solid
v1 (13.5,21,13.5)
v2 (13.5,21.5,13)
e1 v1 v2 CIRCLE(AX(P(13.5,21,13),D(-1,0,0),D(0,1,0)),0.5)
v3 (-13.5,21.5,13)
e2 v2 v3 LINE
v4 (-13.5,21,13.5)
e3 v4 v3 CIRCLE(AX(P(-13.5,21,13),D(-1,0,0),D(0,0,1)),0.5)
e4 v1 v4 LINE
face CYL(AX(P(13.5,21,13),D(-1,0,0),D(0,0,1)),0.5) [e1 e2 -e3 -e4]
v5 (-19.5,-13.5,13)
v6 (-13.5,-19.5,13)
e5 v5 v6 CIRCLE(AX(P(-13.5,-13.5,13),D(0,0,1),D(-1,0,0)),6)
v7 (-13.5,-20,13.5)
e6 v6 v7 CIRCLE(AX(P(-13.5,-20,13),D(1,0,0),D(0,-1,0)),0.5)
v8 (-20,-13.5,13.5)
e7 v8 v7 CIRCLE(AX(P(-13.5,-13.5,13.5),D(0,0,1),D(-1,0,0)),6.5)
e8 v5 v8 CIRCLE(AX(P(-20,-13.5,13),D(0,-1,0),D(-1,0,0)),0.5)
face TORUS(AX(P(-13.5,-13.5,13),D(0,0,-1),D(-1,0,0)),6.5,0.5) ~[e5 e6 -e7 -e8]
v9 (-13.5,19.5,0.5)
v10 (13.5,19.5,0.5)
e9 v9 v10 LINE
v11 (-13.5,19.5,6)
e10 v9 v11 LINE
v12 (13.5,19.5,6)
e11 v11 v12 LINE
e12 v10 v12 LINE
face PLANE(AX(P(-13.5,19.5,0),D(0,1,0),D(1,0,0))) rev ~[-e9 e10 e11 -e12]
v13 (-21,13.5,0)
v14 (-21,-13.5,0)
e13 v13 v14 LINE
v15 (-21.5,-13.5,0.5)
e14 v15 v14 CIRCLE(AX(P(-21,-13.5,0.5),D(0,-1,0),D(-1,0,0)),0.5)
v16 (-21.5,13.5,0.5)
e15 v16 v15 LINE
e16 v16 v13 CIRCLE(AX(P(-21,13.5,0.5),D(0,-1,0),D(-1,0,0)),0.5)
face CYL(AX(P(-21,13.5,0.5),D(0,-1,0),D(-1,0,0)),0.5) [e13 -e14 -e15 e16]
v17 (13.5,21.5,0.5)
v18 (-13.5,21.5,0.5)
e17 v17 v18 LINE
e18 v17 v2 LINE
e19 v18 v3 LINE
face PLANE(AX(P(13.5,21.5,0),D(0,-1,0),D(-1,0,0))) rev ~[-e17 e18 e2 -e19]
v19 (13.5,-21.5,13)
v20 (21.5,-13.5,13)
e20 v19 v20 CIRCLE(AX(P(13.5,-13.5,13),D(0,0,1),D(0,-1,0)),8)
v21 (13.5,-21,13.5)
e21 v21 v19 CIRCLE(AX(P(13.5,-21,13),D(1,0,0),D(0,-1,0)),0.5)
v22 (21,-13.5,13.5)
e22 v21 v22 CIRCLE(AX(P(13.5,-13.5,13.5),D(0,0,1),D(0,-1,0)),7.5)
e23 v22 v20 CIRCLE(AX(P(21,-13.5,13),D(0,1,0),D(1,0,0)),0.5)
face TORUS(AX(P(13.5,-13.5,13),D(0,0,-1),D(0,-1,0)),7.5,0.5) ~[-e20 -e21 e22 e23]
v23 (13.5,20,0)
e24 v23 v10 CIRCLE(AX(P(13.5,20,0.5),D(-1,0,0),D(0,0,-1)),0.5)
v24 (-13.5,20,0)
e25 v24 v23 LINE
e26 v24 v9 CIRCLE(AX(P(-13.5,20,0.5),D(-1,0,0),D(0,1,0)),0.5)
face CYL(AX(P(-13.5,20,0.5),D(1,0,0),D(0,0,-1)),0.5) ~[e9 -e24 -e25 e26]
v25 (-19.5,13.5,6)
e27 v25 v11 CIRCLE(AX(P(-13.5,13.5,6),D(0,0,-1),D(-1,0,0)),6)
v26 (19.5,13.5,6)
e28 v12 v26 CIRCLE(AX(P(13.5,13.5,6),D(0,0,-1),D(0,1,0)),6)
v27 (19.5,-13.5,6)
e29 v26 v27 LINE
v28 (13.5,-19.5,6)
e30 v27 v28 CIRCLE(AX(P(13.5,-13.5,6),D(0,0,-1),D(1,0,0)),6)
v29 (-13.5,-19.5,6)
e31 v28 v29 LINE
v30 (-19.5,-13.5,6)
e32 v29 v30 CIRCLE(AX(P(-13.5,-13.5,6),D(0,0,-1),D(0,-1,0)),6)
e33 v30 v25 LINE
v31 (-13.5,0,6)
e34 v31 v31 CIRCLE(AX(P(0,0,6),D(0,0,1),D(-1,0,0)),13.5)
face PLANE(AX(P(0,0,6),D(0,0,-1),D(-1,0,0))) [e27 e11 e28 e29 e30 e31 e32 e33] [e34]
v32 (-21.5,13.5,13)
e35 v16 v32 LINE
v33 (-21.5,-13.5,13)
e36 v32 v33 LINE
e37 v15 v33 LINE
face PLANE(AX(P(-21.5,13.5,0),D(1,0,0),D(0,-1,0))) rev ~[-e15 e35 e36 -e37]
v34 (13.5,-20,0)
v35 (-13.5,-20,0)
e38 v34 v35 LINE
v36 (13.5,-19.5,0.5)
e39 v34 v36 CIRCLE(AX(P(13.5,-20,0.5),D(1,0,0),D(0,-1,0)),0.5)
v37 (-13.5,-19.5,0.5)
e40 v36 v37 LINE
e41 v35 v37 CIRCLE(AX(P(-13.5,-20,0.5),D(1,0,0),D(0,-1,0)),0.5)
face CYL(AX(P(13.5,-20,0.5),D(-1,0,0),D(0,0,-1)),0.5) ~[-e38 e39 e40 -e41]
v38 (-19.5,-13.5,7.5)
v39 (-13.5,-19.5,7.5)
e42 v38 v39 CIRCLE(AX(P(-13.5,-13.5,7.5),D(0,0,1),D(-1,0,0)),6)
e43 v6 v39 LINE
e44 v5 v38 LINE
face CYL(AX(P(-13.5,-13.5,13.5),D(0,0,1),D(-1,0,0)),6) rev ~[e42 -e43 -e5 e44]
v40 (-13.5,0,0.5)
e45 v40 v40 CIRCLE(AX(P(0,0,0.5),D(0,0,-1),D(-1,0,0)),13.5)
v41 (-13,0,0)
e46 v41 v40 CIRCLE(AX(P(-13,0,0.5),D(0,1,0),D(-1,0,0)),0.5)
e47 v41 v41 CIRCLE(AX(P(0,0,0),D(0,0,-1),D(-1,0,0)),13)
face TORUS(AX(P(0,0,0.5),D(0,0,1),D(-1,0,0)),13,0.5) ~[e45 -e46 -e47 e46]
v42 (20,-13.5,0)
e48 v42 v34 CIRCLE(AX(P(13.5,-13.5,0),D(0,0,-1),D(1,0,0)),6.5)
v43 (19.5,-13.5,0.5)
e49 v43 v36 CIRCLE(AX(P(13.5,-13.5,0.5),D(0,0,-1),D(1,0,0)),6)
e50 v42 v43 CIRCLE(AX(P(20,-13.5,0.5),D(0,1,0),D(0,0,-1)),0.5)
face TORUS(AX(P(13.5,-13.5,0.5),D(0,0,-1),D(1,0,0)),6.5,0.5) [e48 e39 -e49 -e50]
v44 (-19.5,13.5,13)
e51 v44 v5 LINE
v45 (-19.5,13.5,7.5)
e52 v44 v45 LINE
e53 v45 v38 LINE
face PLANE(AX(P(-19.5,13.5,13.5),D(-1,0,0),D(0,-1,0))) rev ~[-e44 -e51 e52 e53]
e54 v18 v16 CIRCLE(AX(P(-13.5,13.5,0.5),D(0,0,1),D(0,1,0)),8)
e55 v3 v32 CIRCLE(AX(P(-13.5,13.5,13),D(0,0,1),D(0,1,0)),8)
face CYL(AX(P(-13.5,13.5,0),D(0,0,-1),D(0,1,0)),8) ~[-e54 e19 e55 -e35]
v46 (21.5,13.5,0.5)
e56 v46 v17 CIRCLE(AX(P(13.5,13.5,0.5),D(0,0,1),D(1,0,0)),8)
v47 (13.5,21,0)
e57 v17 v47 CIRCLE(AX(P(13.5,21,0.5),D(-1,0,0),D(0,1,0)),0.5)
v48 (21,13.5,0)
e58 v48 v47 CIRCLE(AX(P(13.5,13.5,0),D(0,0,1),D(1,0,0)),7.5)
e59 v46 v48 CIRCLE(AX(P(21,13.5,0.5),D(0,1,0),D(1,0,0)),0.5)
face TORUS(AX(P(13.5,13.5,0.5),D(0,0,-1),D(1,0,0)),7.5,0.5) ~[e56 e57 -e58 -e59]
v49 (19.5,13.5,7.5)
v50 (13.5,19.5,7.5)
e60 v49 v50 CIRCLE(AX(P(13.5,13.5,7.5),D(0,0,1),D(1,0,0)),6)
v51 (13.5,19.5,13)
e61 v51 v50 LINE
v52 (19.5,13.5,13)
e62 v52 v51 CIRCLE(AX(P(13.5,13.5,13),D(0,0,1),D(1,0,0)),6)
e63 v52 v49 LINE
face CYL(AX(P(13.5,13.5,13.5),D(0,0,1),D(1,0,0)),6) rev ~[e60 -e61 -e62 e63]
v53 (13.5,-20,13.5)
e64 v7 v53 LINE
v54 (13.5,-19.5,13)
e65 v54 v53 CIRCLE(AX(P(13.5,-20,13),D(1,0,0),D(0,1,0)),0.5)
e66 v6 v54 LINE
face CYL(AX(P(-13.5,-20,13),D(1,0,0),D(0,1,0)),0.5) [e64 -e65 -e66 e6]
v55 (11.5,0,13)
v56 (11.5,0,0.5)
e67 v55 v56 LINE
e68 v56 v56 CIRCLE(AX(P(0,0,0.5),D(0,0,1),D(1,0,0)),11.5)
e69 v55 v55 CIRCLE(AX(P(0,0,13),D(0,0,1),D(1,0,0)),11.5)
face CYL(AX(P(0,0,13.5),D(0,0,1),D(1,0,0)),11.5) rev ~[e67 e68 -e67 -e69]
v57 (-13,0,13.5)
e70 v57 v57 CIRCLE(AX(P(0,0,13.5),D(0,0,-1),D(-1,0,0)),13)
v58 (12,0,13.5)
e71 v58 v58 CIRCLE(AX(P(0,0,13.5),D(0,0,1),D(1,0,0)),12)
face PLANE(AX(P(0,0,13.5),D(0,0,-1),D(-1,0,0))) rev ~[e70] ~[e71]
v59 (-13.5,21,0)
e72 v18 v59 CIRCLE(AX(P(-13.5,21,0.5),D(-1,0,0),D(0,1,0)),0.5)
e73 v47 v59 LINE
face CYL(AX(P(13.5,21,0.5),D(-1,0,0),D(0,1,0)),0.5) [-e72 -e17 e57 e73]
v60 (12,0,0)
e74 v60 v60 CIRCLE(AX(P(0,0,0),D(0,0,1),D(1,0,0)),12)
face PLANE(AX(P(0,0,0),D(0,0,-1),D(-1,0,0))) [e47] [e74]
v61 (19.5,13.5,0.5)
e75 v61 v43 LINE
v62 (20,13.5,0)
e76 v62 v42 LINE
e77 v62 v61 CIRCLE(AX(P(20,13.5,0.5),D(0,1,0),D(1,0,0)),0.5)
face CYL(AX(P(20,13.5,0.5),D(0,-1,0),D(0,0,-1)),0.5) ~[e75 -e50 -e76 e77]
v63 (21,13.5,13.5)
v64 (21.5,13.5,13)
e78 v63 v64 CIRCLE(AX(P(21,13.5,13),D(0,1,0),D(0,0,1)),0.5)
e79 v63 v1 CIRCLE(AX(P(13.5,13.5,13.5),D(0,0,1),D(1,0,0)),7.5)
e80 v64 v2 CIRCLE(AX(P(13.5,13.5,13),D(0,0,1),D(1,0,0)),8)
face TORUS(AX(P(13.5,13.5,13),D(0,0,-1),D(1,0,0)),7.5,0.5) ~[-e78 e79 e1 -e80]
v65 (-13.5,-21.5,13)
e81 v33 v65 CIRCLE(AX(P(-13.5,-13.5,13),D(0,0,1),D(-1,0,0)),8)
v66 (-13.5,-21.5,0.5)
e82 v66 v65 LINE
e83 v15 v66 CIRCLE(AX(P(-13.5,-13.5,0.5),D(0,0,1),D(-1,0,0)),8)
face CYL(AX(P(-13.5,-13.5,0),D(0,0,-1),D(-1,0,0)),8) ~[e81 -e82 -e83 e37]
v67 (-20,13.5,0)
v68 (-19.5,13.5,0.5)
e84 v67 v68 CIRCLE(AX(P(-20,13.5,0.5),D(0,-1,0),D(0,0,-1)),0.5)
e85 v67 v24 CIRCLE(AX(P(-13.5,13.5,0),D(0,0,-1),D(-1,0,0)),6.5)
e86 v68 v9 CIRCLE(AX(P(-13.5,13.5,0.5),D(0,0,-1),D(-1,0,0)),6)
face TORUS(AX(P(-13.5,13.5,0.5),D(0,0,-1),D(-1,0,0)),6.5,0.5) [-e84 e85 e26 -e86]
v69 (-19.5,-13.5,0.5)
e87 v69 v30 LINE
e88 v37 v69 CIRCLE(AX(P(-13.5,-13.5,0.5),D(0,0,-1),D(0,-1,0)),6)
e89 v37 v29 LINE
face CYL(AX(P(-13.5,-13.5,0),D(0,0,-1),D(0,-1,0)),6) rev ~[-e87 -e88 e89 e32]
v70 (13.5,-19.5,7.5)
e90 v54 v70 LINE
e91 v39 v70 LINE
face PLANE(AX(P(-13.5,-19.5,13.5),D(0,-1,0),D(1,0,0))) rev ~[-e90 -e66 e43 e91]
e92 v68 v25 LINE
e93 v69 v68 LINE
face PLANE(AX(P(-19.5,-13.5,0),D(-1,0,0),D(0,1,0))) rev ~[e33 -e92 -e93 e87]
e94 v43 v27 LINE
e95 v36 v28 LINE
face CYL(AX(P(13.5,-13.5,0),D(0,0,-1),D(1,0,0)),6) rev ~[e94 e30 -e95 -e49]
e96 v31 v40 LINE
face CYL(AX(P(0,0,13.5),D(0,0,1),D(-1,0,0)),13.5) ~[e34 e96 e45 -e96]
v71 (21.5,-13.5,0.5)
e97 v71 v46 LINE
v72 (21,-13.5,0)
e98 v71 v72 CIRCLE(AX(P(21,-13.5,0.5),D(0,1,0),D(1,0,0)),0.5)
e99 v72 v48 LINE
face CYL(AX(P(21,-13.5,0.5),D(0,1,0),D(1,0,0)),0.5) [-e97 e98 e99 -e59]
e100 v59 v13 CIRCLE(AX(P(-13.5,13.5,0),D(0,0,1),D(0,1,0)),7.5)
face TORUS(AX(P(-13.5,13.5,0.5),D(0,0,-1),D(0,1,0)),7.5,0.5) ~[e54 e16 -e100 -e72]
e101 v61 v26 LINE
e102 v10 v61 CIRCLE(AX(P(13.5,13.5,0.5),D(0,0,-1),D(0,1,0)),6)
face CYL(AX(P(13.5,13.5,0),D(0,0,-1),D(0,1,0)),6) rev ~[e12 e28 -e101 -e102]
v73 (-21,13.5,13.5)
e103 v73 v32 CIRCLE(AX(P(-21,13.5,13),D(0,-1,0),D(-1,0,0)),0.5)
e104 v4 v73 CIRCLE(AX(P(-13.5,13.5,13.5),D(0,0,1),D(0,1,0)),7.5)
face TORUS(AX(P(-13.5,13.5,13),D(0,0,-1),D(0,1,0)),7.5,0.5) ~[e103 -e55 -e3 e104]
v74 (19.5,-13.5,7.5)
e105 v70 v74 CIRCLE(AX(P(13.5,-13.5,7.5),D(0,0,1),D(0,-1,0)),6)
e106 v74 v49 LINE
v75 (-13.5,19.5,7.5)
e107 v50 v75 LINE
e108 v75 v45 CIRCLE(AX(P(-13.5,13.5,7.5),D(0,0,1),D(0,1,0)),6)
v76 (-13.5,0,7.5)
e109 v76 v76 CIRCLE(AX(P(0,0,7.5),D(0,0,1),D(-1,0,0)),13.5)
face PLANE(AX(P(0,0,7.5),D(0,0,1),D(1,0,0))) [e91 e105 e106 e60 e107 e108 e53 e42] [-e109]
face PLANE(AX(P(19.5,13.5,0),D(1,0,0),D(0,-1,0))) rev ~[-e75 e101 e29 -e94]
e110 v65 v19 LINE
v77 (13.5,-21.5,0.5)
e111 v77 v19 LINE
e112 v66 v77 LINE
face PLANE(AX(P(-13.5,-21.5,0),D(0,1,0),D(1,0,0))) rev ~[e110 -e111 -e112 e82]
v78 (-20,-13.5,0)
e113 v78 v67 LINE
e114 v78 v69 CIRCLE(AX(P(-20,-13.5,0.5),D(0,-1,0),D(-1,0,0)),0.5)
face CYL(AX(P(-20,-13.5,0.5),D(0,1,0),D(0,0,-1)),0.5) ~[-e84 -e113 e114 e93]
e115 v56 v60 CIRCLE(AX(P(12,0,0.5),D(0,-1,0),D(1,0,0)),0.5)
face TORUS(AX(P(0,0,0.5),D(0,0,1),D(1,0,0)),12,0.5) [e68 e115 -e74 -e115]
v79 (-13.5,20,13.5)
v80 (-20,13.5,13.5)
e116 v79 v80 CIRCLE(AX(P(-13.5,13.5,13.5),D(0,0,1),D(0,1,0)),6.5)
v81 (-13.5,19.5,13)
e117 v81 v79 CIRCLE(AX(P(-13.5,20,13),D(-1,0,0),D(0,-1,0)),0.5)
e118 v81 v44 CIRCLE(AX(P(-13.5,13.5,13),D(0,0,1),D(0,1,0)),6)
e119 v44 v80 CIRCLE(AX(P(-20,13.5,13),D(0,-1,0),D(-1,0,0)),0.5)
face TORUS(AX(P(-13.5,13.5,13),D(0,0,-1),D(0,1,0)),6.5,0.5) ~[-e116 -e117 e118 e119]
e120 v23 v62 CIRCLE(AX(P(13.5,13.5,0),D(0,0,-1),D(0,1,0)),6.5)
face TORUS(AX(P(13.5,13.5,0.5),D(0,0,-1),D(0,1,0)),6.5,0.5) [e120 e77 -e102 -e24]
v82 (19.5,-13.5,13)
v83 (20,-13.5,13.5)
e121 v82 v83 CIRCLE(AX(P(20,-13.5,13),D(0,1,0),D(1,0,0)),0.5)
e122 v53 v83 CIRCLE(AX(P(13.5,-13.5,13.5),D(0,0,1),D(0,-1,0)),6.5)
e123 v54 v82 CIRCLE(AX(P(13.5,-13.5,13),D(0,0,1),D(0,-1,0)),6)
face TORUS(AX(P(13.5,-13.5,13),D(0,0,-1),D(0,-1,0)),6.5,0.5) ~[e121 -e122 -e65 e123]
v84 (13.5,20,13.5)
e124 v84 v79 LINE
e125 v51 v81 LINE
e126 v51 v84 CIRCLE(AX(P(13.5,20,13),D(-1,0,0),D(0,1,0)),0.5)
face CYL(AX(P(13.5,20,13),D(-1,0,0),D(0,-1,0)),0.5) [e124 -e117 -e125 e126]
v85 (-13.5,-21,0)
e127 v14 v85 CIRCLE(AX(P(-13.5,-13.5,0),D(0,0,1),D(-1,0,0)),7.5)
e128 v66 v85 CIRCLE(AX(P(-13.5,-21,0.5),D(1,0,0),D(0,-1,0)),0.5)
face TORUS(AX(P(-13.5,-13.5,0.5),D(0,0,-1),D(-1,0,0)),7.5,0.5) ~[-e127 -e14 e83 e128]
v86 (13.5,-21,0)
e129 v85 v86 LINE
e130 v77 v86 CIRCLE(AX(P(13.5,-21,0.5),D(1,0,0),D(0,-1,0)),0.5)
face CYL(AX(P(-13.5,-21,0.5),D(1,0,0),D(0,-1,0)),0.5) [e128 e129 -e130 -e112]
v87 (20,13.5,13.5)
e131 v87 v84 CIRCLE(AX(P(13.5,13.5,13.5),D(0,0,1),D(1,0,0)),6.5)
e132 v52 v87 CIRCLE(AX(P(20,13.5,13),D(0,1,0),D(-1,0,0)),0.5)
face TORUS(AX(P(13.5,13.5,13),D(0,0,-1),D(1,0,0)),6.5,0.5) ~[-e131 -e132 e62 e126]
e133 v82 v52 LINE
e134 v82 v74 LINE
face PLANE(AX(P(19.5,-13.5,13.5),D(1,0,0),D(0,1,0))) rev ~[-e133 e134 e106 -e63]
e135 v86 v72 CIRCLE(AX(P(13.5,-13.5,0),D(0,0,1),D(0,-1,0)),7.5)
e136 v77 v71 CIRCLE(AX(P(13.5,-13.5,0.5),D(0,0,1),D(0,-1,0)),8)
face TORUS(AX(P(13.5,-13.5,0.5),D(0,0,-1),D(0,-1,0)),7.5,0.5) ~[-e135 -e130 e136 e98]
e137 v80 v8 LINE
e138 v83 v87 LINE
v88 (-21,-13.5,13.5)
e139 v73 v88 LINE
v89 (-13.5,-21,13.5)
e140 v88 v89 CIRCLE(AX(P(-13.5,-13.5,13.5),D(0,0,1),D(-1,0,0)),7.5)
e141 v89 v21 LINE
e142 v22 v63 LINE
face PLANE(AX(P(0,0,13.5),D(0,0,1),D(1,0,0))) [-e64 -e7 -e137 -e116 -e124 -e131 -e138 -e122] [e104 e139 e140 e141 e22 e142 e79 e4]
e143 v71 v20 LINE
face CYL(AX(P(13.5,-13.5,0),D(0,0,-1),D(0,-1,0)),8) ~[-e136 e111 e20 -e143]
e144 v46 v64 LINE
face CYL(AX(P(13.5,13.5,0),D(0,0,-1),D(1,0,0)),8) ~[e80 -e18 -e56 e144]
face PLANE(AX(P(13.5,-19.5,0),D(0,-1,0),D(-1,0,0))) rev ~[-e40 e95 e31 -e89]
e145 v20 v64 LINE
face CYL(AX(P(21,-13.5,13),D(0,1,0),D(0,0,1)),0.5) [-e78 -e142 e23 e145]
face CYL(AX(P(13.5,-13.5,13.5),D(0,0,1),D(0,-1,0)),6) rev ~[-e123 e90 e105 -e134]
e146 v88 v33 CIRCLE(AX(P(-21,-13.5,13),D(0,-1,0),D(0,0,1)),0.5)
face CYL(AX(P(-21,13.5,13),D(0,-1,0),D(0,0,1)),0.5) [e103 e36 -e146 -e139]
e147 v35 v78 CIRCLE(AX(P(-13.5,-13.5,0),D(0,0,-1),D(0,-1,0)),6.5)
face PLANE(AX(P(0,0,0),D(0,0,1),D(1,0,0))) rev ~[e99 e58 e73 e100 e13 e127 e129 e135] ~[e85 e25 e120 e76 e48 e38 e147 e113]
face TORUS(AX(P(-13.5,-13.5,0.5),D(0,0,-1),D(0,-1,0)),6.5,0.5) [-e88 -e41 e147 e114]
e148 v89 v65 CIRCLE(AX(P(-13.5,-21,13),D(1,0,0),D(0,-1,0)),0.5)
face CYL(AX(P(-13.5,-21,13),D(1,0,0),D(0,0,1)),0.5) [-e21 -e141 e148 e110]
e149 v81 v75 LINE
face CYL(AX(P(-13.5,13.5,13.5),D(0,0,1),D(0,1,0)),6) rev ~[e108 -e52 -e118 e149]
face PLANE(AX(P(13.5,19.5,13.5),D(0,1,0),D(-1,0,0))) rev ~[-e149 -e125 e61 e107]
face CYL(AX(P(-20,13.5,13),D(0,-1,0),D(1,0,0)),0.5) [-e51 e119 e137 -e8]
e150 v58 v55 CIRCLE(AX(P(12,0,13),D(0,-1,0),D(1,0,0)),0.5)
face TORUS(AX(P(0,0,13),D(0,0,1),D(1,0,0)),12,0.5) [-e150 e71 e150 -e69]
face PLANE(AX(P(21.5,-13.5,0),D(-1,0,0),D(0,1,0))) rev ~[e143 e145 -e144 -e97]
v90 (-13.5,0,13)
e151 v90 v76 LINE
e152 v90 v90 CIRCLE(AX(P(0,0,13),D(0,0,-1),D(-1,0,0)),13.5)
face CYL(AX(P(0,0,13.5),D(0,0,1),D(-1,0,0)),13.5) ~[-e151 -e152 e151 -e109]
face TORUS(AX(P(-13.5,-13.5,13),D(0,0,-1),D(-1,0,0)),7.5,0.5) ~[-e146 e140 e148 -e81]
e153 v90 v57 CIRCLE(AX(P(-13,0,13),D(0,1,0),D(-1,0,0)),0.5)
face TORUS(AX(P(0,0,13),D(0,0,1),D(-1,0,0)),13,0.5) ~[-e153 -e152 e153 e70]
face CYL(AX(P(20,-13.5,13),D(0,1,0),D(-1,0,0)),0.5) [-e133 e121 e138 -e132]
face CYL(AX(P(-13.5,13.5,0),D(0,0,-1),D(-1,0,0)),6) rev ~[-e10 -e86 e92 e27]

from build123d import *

# Parameters (mm, degrees)
EXTRUDE_1_DEPTH     = 13.5
CUT_EXTRUDE_1_DEPTH = 6
CUT_EXTRUDE_2_DEPTH = 6
EXTRUDE_START       = -7.5
SKETCH_4_R          = 13.5
EXTRUDE_2_DEPTH     = 13.5
CUT_EXTRUDE_3_REACH = 15.5
SKETCH_5_R          = 11.5
FILLET_1_R          = 0.5


with BuildPart() as part:
    # 草圖1 → 填料-伸長1 (new body)
    with BuildSketch(Plane.XY):
        with BuildLine():
            Line((-13.5, -21.5), (13.5, -21.5))
            ThreePointArc((13.5, -21.5), (19.156854249, -19.156854249), (21.5, -13.5))
            Line((21.5, -13.5), (21.5, 13.5))
            ThreePointArc((21.5, 13.5), (19.156854249, 19.156854249), (13.5, 21.5))
            Line((13.5, 21.5), (-13.5, 21.5))
            ThreePointArc((-13.5, 21.5), (-19.156854249, 19.156854249), (-21.5, 13.5))
            Line((-21.5, 13.5), (-21.5, -13.5))
            ThreePointArc((-21.5, -13.5), (-19.156854249, -19.156854249), (-13.5, -21.5))
        make_face()
    extrude(amount=EXTRUDE_1_DEPTH)

    # 草圖2 → 除料-伸長1 (cut)
    with BuildSketch(Plane.XY.offset(13.5)):
        with BuildLine():
            Line((-13.5, -19.5), (13.5, -19.5))
            ThreePointArc((13.5, -19.5), (17.742640687, -17.742640687), (19.5, -13.5))
            Line((19.5, -13.5), (19.5, 13.5))
            ThreePointArc((19.5, 13.5), (17.742640687, 17.742640687), (13.5, 19.5))
            Line((13.5, 19.5), (-13.5, 19.5))
            ThreePointArc((-13.5, 19.5), (-17.742640687, 17.742640687), (-19.5, 13.5))
            Line((-19.5, 13.5), (-19.5, -13.5))
            ThreePointArc((-19.5, -13.5), (-17.742640687, -17.742640687), (-13.5, -19.5))
        make_face()
    extrude(amount=-CUT_EXTRUDE_1_DEPTH, mode=Mode.SUBTRACT)

    # 草圖3 → 除料-伸長2 (cut)
    with BuildSketch(Plane(origin=(0, 0, 0), x_dir=(-1, 0, 0), z_dir=(0, 0, -1))):
        with BuildLine():
            Line((19.5, -13.5), (19.5, 13.5))
            ThreePointArc((19.5, 13.5), (17.742640687, 17.742640687), (13.5, 19.5))
            Line((13.5, 19.5), (-13.5, 19.5))
            ThreePointArc((-13.5, 19.5), (-17.742640687, 17.742640687), (-19.5, 13.5))
            Line((-19.5, 13.5), (-19.5, -13.5))
            ThreePointArc((-19.5, -13.5), (-17.742640687, -17.742640687), (-13.5, -19.5))
            Line((-13.5, -19.5), (13.5, -19.5))
            ThreePointArc((13.5, -19.5), (17.742640687, -17.742640687), (19.5, -13.5))
        make_face()
    extrude(amount=-CUT_EXTRUDE_2_DEPTH, mode=Mode.SUBTRACT)

    # 草圖4 → 填料-伸長2 (add)
    with BuildSketch(Plane(origin=(0, 0, 6), x_dir=(-1, 0, 0), z_dir=(0, 0, -1)).offset(EXTRUDE_START)):
        Circle(SKETCH_4_R)
    extrude(amount=EXTRUDE_2_DEPTH)

    # 草圖5 → 除料-伸長3 (cut, up to next)
    with BuildSketch(Plane.XY.offset(13.5), mode=Mode.PRIVATE) as cut_extrude_3_sk1:
        Circle(SKETCH_5_R)
    cut_extrude_3_tool1 = extrude(cut_extrude_3_sk1.sketch, amount=-CUT_EXTRUDE_3_REACH, mode=Mode.PRIVATE) & part.part
    add(cut_extrude_3_tool1.solids().sort_by_distance((0, 0, 13.5))[0], mode=Mode.SUBTRACT)

    # 圓角1
    fillet_1_edges = [part.edges().sort_by_distance(p)[0] for p in [
        (21.5, 0, 0),
        (19.156854249, -19.156854249, 0),
        (0, -21.5, 0),
        (-19.156854249, -19.156854249, 0),
        (19.156854249, -19.156854249, 13.5),
        (21.5, 0, 13.5),
        (19.156854249, 19.156854249, 13.5),
        (0, 21.5, 13.5),
        (-19.156854249, 19.156854249, 13.5),
        (-17.742640687, -17.742640687, 13.5),
        (0, -19.5, 13.5),
        (17.742640687, -17.742640687, 13.5),
        (19.5, 0, 13.5),
        (17.742640687, 17.742640687, 13.5),
        (-21.5, 0, 13.5),
        (0, 19.5, 13.5),
        (-17.742640687, 17.742640687, 13.5),
        (-19.5, 0, 13.5),
        (-19.156854249, -19.156854249, 13.5),
        (-17.742640687, -17.742640687, 0),
        (-19.5, 0, 0),
        (-17.742640687, 17.742640687, 0),
        (0, 19.5, 0),
        (17.742640687, 17.742640687, 0),
        (19.5, 0, 0),
        (17.742640687, -17.742640687, 0),
        (0, -19.5, 0),
        (13.5, 0, 0),
        (13.5, 0, 13.5),
        (-11.5, 0, 0),
        (-11.5, 0, 13.5),
        (-21.5, 0, 0),
        (0, -21.5, 13.5),
        (-19.156854249, 19.156854249, 0),
        (0, 21.5, 0),
        (19.156854249, 19.156854249, 0),
    ]]
    fillet(fillet_1_edges, radius=FILLET_1_R)


solid = part.part
